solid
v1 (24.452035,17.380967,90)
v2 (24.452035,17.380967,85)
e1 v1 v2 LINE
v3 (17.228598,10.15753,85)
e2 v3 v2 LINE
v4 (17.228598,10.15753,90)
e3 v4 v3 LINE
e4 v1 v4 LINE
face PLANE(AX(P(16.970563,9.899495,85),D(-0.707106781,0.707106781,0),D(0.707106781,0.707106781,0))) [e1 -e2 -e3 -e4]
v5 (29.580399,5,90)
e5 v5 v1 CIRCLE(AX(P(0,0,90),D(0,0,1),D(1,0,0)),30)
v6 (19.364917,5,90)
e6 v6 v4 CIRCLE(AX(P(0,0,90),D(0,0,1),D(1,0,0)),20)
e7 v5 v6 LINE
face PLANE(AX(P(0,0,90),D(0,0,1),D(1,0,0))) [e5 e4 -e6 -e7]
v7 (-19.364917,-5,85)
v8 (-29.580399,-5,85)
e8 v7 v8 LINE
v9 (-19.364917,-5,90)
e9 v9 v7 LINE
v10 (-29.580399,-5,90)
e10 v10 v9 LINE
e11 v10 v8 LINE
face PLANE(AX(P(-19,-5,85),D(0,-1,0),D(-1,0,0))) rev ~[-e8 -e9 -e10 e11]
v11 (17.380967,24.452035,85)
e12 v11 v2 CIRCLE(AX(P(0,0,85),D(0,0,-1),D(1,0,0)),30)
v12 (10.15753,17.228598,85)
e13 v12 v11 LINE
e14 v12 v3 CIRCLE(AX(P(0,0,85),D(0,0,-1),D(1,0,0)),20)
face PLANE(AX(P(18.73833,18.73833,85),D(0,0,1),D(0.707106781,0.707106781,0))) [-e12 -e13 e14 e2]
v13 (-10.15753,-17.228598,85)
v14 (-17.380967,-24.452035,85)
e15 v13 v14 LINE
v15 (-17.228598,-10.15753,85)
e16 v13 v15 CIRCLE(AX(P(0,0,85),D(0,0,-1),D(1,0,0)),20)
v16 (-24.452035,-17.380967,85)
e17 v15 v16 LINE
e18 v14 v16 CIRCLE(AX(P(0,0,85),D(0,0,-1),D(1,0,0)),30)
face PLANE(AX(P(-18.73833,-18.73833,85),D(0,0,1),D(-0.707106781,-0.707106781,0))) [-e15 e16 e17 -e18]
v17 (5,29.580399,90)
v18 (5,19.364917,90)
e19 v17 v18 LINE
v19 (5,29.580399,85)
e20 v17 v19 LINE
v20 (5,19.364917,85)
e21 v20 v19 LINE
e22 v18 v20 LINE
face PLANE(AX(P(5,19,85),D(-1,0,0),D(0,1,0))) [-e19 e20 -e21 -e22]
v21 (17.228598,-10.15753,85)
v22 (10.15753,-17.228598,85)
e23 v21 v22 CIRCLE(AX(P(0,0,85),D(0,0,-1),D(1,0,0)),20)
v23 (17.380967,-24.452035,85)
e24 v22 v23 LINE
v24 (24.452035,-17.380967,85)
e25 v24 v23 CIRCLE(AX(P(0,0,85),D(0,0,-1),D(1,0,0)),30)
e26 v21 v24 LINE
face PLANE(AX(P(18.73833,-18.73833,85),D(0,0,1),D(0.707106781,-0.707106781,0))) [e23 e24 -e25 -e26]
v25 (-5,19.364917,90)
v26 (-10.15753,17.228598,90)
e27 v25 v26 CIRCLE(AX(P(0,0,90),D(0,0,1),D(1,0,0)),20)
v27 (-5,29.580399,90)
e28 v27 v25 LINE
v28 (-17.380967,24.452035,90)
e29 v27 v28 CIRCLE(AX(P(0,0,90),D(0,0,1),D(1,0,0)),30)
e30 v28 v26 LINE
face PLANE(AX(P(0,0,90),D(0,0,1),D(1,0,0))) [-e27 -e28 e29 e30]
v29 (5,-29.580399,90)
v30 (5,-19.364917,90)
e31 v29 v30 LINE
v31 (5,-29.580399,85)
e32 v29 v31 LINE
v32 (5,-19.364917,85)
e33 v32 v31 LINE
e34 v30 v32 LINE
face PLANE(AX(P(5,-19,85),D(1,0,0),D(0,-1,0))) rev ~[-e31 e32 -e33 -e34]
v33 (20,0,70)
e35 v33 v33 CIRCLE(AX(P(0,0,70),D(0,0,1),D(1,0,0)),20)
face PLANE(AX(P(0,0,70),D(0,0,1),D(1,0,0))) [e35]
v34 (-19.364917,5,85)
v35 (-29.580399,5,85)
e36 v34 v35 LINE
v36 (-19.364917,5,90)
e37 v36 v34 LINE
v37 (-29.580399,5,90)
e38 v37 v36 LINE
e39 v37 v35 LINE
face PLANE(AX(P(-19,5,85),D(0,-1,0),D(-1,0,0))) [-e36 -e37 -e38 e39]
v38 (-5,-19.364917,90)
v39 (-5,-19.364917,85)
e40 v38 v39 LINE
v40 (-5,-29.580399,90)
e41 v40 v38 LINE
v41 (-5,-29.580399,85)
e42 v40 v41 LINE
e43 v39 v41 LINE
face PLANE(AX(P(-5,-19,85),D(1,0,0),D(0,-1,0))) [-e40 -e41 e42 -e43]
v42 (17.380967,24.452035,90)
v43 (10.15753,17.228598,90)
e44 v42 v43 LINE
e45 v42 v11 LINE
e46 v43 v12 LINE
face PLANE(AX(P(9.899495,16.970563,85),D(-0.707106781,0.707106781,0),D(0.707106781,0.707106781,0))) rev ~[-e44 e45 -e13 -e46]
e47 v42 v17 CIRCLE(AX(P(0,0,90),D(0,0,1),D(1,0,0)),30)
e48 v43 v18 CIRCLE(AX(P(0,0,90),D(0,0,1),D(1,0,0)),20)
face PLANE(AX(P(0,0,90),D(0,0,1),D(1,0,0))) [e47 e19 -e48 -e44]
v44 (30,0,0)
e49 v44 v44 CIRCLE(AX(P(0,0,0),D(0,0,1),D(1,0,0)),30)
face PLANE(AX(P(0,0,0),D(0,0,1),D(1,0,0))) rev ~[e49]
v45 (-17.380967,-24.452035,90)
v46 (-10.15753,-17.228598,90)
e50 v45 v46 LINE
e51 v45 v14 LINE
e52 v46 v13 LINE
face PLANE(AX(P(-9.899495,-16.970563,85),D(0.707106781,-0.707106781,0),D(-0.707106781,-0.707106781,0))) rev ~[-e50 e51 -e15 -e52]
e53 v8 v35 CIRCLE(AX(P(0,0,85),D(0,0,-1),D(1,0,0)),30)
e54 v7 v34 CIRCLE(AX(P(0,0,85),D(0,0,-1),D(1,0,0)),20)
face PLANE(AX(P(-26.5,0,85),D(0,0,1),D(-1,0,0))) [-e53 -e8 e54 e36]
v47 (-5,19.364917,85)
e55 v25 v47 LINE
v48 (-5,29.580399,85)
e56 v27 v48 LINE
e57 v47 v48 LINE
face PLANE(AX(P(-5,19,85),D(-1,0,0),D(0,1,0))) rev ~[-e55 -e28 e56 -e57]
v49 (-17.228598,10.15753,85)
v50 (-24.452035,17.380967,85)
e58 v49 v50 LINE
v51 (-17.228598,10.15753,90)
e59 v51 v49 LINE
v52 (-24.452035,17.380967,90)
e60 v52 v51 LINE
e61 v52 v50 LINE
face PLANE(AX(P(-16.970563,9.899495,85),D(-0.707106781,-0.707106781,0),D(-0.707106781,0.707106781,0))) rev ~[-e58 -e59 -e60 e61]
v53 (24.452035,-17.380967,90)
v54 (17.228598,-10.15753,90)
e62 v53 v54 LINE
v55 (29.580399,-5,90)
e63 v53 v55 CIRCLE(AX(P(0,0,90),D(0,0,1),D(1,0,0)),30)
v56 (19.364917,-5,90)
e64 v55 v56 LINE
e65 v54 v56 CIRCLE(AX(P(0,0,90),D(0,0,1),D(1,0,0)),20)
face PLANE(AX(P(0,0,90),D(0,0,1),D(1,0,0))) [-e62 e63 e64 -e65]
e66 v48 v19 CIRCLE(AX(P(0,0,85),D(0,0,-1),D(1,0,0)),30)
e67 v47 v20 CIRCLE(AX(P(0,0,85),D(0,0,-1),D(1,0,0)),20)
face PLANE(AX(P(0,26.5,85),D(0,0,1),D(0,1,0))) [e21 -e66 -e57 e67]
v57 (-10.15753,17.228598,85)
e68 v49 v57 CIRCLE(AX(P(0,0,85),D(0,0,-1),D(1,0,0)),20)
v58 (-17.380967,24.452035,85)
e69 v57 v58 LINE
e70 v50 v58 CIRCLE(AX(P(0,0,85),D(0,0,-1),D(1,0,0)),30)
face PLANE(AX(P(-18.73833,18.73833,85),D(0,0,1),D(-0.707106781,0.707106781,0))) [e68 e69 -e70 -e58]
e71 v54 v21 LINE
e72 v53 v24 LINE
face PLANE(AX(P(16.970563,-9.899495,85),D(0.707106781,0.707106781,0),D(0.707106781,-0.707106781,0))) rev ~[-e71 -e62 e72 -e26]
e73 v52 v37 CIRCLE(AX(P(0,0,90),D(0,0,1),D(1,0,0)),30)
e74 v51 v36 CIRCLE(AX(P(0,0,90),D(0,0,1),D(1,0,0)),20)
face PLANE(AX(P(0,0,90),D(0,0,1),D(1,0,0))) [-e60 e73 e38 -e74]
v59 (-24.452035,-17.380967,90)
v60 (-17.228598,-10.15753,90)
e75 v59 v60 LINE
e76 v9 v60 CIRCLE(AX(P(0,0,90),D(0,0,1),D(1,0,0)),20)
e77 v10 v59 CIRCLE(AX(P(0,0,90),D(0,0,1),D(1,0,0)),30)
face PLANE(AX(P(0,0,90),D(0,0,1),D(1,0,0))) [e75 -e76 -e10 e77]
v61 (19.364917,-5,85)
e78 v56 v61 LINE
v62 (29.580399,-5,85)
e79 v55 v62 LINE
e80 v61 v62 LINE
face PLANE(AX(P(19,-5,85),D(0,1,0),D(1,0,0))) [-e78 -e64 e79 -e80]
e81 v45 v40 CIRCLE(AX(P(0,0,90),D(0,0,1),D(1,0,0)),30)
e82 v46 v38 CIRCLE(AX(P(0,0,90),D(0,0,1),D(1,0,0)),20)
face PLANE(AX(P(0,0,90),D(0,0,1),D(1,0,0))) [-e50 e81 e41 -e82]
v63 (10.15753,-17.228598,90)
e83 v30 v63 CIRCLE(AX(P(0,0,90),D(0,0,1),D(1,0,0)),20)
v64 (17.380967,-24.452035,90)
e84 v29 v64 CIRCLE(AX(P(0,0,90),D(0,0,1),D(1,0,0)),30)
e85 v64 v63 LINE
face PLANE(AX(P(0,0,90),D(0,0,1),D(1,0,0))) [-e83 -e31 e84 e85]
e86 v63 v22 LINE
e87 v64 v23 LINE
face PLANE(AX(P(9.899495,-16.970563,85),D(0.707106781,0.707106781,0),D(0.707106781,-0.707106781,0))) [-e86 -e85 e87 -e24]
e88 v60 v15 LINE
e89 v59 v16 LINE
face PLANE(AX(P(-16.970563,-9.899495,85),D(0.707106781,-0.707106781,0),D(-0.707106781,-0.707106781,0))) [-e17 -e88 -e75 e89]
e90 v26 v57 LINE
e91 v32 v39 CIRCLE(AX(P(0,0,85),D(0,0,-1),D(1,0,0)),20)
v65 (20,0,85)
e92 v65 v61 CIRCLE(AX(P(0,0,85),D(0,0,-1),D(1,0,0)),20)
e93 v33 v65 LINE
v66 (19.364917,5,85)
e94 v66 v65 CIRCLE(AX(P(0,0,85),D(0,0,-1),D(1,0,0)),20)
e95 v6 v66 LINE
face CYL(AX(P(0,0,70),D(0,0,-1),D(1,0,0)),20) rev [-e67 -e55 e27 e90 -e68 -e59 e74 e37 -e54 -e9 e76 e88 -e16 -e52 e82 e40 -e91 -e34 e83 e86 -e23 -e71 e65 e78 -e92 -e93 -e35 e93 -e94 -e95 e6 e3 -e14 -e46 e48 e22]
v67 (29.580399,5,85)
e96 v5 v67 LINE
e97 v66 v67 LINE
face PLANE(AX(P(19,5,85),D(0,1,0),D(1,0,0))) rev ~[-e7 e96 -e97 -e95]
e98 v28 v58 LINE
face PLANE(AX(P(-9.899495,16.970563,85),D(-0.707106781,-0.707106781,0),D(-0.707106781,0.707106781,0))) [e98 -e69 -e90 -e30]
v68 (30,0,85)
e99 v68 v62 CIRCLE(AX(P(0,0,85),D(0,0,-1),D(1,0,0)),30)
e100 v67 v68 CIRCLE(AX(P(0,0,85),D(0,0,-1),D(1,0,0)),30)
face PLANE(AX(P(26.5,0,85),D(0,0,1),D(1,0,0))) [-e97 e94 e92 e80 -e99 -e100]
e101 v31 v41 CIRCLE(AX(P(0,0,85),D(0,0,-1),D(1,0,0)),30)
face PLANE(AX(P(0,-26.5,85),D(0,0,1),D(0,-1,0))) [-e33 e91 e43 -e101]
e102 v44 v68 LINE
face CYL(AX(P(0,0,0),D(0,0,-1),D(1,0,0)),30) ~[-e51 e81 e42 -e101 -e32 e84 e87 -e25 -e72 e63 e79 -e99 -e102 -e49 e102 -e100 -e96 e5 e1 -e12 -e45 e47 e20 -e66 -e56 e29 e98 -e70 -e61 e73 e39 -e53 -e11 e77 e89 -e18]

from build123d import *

# Parameters (mm, degrees)
BOX_W             = 15
BOX_H             = 10
BOX_DEPTH         = 10
ARRAY_COUNT       = 8
CYLINDER001_R     = 20
CYLINDER001_DEPTH = 20
CYLINDER_R        = 30
CYLINDER_DEPTH    = 90


with BuildPart() as array:
    # Box → Box (new body)
    with BuildSketch(Plane(origin=(19, -5, 85), x_dir=(1, 0, 0), z_dir=(0, 0, 1))):
        with Locations((7.5, 5)):
            Rectangle(BOX_W, BOX_H)
    extrude(amount=BOX_DEPTH)

    # Array: Array ×8 about axis
    array_axis = Axis((0, 0, 0), (0, 0, 1))


with BuildPart() as array_1:
    add(array.part)
    for i in range(1, ARRAY_COUNT):
        add(array.part.rotate(array_axis, i * 360 / ARRAY_COUNT))


with BuildPart() as part_de_dalt:
    # Cylinder001 → Cylinder001 (new body)
    with BuildSketch(Plane.XY.offset(70)):
        Circle(CYLINDER001_R)
    extrude(amount=CYLINDER001_DEPTH)


with BuildPart() as cut001:
    # Cylinder → Cylinder (new body)
    with BuildSketch(Plane.XY):
        Circle(CYLINDER_R)
    extrude(amount=CYLINDER_DEPTH)

    # Cut: cut part_de_dalt
    add(part_de_dalt.part, mode=Mode.SUBTRACT)

    # Cut001: cut Array
    add(array_1.part, mode=Mode.SUBTRACT)


solid = cut001.part
